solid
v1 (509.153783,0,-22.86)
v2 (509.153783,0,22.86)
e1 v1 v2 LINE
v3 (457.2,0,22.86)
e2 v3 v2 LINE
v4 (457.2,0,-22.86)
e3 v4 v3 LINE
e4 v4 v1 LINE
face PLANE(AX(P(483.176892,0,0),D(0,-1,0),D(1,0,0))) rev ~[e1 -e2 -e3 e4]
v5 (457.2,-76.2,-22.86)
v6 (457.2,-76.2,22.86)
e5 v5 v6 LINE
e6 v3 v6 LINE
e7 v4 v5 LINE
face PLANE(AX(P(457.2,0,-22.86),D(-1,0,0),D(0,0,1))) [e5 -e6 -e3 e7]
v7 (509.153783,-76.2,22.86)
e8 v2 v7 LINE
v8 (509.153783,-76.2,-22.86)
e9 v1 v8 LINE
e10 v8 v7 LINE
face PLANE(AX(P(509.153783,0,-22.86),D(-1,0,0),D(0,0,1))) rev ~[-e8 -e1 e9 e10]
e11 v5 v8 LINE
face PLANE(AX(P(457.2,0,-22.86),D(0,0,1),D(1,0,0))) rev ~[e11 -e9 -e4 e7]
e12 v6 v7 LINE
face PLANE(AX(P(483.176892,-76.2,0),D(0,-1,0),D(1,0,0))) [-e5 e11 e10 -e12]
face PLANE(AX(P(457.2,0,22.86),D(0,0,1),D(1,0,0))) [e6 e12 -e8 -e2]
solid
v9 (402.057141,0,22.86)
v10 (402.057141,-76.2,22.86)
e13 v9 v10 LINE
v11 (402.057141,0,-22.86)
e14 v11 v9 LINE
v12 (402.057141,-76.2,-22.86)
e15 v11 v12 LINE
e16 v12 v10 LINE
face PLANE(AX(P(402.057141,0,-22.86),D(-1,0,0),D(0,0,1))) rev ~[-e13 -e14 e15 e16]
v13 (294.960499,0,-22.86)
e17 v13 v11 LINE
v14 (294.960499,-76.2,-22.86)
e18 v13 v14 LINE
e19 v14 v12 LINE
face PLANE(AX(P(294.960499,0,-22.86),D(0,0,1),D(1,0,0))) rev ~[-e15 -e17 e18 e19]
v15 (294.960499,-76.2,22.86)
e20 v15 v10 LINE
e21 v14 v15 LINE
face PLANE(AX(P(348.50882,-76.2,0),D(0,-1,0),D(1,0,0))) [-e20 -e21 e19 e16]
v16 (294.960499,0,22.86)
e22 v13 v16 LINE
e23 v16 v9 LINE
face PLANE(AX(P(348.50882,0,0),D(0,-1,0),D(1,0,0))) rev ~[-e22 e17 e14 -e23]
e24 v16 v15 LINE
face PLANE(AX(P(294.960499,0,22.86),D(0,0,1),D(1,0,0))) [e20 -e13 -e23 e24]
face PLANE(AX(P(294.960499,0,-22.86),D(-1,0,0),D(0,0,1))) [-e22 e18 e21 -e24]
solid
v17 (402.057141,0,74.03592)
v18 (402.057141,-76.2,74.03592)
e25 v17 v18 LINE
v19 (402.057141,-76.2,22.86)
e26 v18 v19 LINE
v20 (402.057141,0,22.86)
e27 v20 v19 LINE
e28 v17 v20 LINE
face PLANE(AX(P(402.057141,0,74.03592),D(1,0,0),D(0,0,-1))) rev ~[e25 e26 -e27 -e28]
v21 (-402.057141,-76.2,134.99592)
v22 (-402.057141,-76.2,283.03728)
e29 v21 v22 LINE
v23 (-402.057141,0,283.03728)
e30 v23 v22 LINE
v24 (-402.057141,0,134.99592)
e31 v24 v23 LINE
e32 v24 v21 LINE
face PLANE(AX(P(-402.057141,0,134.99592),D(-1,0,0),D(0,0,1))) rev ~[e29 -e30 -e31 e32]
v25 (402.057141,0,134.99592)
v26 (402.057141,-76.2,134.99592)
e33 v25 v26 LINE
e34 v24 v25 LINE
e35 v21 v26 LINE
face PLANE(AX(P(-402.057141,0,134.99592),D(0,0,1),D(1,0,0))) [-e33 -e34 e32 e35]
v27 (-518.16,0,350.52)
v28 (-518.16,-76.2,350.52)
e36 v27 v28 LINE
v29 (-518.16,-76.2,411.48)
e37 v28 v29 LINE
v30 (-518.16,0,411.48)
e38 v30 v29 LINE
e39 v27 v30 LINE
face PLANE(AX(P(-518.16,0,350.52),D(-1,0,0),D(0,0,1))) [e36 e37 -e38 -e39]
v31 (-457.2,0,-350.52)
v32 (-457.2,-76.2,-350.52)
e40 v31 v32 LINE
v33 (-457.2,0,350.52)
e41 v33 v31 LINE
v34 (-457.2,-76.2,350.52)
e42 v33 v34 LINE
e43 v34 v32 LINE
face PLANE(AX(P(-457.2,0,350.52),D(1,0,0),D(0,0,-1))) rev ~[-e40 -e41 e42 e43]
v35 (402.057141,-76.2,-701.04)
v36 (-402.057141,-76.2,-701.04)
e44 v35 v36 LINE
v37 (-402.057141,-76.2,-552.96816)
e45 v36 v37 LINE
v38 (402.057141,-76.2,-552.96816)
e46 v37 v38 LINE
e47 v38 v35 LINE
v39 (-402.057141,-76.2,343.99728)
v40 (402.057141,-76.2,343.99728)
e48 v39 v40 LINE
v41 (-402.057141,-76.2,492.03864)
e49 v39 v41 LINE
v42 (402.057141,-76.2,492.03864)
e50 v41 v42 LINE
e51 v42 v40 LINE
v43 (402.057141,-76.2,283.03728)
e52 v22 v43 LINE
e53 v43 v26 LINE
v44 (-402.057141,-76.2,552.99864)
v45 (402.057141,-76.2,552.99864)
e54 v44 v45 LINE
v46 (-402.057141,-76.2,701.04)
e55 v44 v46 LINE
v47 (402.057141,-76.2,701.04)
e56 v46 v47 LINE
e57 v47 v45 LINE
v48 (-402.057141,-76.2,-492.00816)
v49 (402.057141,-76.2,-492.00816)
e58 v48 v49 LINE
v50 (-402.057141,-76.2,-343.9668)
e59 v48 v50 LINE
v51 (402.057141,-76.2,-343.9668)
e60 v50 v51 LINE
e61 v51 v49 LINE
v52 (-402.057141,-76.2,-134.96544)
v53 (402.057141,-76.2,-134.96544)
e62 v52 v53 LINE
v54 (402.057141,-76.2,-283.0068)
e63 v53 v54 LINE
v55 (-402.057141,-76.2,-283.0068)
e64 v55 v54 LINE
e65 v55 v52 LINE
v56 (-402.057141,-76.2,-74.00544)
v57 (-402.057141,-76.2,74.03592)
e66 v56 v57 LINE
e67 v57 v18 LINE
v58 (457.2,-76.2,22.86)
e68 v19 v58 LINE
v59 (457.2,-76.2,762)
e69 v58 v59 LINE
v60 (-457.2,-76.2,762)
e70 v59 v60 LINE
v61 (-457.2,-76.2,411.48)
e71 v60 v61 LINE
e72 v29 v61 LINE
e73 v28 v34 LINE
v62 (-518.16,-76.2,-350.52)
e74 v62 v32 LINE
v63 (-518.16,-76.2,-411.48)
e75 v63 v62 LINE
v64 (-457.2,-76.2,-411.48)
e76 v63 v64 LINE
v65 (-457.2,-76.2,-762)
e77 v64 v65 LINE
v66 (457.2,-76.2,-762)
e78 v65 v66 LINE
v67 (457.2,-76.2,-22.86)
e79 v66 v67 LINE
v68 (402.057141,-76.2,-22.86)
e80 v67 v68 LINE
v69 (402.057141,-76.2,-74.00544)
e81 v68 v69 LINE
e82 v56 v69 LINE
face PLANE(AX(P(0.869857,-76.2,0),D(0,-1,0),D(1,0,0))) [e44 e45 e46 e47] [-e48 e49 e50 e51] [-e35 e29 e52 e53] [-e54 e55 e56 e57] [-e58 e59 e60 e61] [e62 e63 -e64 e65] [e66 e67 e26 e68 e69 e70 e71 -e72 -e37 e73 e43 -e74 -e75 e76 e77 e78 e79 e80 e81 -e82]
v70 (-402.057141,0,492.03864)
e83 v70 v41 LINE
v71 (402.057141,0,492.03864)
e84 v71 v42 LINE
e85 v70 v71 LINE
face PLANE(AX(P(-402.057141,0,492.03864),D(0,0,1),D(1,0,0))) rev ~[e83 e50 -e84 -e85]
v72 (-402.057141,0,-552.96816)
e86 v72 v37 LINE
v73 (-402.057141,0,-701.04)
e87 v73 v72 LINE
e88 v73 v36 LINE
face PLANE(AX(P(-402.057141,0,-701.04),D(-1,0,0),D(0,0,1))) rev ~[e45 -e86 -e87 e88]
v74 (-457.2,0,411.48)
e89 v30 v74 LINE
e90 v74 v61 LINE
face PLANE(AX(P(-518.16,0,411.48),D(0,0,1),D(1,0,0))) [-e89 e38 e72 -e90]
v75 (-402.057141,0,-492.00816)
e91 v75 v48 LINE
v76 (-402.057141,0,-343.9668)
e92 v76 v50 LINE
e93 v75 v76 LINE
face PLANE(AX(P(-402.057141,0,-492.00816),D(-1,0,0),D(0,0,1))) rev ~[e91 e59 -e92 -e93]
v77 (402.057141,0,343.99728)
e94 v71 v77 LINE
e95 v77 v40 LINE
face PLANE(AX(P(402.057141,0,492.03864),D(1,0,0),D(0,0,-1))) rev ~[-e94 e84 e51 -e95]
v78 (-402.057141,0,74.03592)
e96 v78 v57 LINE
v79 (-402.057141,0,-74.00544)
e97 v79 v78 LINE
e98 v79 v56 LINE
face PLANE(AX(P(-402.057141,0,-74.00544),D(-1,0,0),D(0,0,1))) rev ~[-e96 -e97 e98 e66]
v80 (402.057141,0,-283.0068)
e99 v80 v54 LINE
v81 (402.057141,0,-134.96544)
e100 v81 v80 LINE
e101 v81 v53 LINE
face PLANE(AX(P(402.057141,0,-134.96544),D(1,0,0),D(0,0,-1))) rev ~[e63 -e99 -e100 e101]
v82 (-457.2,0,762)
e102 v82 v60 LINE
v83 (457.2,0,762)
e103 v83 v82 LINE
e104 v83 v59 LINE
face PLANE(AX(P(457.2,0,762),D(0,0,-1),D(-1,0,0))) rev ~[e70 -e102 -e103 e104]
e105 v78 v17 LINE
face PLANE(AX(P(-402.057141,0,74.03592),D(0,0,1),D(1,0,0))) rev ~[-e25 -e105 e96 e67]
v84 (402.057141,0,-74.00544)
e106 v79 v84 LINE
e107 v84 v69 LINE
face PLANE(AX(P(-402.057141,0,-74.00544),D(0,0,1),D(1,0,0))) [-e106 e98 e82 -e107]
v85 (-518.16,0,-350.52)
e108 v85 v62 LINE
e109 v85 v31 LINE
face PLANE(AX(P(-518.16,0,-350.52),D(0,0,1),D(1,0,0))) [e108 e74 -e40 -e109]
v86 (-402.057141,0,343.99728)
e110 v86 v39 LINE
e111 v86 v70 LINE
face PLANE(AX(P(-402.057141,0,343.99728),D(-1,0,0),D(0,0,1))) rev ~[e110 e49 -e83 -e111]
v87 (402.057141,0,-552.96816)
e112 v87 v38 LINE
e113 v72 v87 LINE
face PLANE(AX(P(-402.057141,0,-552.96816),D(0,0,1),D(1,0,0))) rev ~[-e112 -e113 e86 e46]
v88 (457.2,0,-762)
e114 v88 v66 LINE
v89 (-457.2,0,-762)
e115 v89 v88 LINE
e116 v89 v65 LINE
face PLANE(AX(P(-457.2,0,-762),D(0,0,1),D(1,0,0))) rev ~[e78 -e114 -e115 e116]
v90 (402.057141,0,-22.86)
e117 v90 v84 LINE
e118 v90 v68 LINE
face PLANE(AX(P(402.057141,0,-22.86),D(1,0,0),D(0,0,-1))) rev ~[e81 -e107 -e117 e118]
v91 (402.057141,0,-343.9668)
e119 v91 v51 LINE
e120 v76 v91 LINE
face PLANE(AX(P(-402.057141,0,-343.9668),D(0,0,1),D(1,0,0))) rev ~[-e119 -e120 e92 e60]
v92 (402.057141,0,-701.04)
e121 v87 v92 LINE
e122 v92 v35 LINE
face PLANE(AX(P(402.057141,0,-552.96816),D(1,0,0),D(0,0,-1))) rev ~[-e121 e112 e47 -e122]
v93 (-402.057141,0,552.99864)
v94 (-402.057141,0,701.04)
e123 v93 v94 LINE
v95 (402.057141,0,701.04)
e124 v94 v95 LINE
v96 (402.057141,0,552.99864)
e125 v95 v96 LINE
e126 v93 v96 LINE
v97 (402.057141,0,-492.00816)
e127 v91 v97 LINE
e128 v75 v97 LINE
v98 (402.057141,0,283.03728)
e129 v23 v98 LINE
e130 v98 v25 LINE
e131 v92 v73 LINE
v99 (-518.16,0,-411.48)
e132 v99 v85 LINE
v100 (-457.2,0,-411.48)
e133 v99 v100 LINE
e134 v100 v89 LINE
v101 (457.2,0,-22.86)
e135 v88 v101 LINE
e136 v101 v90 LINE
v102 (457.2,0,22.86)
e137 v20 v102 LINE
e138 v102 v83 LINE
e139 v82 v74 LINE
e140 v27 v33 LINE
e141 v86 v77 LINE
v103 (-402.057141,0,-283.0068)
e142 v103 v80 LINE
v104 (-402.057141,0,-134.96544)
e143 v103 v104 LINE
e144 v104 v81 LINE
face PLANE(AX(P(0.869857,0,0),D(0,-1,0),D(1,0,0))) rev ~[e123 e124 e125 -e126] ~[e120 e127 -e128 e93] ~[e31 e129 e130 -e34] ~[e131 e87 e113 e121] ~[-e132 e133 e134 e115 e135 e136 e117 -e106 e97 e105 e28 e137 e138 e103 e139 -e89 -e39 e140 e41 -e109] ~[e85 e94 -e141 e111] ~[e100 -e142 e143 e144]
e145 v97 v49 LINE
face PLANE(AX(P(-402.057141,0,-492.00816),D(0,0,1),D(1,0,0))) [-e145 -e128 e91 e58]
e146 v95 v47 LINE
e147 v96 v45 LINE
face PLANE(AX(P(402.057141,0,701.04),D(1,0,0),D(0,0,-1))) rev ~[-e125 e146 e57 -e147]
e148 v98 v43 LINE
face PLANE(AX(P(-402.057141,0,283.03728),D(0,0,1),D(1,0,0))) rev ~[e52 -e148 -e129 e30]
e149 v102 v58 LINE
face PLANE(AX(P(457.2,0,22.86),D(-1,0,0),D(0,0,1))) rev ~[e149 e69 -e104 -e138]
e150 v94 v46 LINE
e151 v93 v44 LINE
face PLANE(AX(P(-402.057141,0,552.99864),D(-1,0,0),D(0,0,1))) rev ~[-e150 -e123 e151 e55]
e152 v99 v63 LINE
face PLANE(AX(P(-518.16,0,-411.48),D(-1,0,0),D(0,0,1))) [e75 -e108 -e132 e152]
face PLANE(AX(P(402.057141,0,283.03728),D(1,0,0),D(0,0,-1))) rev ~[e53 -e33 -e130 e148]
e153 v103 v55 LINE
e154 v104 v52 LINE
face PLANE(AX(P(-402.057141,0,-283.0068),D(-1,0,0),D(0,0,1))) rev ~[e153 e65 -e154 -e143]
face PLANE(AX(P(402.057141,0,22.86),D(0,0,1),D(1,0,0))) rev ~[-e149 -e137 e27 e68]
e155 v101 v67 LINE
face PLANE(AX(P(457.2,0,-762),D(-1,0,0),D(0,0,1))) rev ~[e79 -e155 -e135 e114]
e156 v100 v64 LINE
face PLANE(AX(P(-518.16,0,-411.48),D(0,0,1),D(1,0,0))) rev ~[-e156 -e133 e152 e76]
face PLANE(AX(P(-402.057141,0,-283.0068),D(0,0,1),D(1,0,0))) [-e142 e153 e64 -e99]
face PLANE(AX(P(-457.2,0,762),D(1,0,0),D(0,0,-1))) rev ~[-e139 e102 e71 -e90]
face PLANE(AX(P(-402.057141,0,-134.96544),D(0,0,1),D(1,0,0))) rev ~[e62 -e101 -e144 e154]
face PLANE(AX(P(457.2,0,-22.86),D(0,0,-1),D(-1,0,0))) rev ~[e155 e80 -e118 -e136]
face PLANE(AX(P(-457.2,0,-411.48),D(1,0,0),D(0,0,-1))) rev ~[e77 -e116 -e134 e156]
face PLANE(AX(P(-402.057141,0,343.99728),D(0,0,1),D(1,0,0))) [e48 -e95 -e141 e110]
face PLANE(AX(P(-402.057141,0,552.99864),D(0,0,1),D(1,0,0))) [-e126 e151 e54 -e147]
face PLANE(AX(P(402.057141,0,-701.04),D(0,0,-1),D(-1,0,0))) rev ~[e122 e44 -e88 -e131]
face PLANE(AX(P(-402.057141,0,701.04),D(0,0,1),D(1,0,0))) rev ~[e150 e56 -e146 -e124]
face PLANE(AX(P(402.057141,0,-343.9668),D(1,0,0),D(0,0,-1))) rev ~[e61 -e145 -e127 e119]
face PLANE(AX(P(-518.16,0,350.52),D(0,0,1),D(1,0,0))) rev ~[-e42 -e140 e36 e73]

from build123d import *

# Parameters (mm, degrees)
F0_W     = 804.114282
F0_H     = 60.96
F0_W_2   = 60.96
F0_W_3   = 51.953783
F0_H_2   = 45.72
F0_W_4   = 107.096642
F1_DEPTH = 76.2


with BuildPart() as f1:
    # F0 (on Front) → F1 (new body)
    with BuildSketch(Plane.XZ):
        Polygon((457.2, 22.86), (457.2, 762), (-457.2, 762), (-457.2, 411.48), (-457.2, 350.52), (-457.2, -350.52), (-457.2, -411.48), (-457.2, -762), (457.2, -762), (457.2, -22.86), (402.057141, -22.86), (402.057141, -74.00544), (402.057141, -134.96544), (402.057141, -283.0068), (402.057141, -343.9668), (402.057141, -492.00816), (402.057141, -552.96816), (402.057141, -701.04), (-402.057141, -701.04), (-402.057141, -552.96816), (-402.057141, -492.00816), (-402.057141, -343.9668), (-402.057141, -283.0068), (-402.057141, -134.96544), (-402.057141, -74.00544), (-402.057141, 74.03592), (-402.057141, 134.99592), (-402.057141, 283.03728), (-402.057141, 343.99728), (-402.057141, 492.03864), (-402.057141, 552.99864), (-402.057141, 701.04), (402.057141, 701.04), (402.057141, 552.99864), (402.057141, 492.03864), (402.057141, 343.99728), (402.057141, 283.03728), (402.057141, 134.99592), (402.057141, 74.03592), (402.057141, 22.86), align=None)
        with Locations((0, 522.51864)):
            Rectangle(F0_W, F0_H)
        with Locations((0, 313.51728)):
            Rectangle(F0_W, F0_H)
        with Locations((0, 104.51592)):
            Rectangle(F0_W, F0_H)
        with Locations((0, -104.48544)):
            Rectangle(F0_W, F0_H)
        with Locations((0, -313.4868)):
            Rectangle(F0_W, F0_H)
        with Locations((0, -522.48816)):
            Rectangle(F0_W, F0_H)
        with Locations((-487.68, -381)):
            Rectangle(F0_W_2, F0_H)
        with Locations((-487.68, 381)):
            Rectangle(F0_W_2, F0_H)
        with Locations((483.176892, 0)):
            Rectangle(F0_W_3, F0_H_2)
        with Locations((348.50882, 0)):
            Rectangle(F0_W_4, F0_H_2)
    extrude(amount=F1_DEPTH)


solid = f1.part
